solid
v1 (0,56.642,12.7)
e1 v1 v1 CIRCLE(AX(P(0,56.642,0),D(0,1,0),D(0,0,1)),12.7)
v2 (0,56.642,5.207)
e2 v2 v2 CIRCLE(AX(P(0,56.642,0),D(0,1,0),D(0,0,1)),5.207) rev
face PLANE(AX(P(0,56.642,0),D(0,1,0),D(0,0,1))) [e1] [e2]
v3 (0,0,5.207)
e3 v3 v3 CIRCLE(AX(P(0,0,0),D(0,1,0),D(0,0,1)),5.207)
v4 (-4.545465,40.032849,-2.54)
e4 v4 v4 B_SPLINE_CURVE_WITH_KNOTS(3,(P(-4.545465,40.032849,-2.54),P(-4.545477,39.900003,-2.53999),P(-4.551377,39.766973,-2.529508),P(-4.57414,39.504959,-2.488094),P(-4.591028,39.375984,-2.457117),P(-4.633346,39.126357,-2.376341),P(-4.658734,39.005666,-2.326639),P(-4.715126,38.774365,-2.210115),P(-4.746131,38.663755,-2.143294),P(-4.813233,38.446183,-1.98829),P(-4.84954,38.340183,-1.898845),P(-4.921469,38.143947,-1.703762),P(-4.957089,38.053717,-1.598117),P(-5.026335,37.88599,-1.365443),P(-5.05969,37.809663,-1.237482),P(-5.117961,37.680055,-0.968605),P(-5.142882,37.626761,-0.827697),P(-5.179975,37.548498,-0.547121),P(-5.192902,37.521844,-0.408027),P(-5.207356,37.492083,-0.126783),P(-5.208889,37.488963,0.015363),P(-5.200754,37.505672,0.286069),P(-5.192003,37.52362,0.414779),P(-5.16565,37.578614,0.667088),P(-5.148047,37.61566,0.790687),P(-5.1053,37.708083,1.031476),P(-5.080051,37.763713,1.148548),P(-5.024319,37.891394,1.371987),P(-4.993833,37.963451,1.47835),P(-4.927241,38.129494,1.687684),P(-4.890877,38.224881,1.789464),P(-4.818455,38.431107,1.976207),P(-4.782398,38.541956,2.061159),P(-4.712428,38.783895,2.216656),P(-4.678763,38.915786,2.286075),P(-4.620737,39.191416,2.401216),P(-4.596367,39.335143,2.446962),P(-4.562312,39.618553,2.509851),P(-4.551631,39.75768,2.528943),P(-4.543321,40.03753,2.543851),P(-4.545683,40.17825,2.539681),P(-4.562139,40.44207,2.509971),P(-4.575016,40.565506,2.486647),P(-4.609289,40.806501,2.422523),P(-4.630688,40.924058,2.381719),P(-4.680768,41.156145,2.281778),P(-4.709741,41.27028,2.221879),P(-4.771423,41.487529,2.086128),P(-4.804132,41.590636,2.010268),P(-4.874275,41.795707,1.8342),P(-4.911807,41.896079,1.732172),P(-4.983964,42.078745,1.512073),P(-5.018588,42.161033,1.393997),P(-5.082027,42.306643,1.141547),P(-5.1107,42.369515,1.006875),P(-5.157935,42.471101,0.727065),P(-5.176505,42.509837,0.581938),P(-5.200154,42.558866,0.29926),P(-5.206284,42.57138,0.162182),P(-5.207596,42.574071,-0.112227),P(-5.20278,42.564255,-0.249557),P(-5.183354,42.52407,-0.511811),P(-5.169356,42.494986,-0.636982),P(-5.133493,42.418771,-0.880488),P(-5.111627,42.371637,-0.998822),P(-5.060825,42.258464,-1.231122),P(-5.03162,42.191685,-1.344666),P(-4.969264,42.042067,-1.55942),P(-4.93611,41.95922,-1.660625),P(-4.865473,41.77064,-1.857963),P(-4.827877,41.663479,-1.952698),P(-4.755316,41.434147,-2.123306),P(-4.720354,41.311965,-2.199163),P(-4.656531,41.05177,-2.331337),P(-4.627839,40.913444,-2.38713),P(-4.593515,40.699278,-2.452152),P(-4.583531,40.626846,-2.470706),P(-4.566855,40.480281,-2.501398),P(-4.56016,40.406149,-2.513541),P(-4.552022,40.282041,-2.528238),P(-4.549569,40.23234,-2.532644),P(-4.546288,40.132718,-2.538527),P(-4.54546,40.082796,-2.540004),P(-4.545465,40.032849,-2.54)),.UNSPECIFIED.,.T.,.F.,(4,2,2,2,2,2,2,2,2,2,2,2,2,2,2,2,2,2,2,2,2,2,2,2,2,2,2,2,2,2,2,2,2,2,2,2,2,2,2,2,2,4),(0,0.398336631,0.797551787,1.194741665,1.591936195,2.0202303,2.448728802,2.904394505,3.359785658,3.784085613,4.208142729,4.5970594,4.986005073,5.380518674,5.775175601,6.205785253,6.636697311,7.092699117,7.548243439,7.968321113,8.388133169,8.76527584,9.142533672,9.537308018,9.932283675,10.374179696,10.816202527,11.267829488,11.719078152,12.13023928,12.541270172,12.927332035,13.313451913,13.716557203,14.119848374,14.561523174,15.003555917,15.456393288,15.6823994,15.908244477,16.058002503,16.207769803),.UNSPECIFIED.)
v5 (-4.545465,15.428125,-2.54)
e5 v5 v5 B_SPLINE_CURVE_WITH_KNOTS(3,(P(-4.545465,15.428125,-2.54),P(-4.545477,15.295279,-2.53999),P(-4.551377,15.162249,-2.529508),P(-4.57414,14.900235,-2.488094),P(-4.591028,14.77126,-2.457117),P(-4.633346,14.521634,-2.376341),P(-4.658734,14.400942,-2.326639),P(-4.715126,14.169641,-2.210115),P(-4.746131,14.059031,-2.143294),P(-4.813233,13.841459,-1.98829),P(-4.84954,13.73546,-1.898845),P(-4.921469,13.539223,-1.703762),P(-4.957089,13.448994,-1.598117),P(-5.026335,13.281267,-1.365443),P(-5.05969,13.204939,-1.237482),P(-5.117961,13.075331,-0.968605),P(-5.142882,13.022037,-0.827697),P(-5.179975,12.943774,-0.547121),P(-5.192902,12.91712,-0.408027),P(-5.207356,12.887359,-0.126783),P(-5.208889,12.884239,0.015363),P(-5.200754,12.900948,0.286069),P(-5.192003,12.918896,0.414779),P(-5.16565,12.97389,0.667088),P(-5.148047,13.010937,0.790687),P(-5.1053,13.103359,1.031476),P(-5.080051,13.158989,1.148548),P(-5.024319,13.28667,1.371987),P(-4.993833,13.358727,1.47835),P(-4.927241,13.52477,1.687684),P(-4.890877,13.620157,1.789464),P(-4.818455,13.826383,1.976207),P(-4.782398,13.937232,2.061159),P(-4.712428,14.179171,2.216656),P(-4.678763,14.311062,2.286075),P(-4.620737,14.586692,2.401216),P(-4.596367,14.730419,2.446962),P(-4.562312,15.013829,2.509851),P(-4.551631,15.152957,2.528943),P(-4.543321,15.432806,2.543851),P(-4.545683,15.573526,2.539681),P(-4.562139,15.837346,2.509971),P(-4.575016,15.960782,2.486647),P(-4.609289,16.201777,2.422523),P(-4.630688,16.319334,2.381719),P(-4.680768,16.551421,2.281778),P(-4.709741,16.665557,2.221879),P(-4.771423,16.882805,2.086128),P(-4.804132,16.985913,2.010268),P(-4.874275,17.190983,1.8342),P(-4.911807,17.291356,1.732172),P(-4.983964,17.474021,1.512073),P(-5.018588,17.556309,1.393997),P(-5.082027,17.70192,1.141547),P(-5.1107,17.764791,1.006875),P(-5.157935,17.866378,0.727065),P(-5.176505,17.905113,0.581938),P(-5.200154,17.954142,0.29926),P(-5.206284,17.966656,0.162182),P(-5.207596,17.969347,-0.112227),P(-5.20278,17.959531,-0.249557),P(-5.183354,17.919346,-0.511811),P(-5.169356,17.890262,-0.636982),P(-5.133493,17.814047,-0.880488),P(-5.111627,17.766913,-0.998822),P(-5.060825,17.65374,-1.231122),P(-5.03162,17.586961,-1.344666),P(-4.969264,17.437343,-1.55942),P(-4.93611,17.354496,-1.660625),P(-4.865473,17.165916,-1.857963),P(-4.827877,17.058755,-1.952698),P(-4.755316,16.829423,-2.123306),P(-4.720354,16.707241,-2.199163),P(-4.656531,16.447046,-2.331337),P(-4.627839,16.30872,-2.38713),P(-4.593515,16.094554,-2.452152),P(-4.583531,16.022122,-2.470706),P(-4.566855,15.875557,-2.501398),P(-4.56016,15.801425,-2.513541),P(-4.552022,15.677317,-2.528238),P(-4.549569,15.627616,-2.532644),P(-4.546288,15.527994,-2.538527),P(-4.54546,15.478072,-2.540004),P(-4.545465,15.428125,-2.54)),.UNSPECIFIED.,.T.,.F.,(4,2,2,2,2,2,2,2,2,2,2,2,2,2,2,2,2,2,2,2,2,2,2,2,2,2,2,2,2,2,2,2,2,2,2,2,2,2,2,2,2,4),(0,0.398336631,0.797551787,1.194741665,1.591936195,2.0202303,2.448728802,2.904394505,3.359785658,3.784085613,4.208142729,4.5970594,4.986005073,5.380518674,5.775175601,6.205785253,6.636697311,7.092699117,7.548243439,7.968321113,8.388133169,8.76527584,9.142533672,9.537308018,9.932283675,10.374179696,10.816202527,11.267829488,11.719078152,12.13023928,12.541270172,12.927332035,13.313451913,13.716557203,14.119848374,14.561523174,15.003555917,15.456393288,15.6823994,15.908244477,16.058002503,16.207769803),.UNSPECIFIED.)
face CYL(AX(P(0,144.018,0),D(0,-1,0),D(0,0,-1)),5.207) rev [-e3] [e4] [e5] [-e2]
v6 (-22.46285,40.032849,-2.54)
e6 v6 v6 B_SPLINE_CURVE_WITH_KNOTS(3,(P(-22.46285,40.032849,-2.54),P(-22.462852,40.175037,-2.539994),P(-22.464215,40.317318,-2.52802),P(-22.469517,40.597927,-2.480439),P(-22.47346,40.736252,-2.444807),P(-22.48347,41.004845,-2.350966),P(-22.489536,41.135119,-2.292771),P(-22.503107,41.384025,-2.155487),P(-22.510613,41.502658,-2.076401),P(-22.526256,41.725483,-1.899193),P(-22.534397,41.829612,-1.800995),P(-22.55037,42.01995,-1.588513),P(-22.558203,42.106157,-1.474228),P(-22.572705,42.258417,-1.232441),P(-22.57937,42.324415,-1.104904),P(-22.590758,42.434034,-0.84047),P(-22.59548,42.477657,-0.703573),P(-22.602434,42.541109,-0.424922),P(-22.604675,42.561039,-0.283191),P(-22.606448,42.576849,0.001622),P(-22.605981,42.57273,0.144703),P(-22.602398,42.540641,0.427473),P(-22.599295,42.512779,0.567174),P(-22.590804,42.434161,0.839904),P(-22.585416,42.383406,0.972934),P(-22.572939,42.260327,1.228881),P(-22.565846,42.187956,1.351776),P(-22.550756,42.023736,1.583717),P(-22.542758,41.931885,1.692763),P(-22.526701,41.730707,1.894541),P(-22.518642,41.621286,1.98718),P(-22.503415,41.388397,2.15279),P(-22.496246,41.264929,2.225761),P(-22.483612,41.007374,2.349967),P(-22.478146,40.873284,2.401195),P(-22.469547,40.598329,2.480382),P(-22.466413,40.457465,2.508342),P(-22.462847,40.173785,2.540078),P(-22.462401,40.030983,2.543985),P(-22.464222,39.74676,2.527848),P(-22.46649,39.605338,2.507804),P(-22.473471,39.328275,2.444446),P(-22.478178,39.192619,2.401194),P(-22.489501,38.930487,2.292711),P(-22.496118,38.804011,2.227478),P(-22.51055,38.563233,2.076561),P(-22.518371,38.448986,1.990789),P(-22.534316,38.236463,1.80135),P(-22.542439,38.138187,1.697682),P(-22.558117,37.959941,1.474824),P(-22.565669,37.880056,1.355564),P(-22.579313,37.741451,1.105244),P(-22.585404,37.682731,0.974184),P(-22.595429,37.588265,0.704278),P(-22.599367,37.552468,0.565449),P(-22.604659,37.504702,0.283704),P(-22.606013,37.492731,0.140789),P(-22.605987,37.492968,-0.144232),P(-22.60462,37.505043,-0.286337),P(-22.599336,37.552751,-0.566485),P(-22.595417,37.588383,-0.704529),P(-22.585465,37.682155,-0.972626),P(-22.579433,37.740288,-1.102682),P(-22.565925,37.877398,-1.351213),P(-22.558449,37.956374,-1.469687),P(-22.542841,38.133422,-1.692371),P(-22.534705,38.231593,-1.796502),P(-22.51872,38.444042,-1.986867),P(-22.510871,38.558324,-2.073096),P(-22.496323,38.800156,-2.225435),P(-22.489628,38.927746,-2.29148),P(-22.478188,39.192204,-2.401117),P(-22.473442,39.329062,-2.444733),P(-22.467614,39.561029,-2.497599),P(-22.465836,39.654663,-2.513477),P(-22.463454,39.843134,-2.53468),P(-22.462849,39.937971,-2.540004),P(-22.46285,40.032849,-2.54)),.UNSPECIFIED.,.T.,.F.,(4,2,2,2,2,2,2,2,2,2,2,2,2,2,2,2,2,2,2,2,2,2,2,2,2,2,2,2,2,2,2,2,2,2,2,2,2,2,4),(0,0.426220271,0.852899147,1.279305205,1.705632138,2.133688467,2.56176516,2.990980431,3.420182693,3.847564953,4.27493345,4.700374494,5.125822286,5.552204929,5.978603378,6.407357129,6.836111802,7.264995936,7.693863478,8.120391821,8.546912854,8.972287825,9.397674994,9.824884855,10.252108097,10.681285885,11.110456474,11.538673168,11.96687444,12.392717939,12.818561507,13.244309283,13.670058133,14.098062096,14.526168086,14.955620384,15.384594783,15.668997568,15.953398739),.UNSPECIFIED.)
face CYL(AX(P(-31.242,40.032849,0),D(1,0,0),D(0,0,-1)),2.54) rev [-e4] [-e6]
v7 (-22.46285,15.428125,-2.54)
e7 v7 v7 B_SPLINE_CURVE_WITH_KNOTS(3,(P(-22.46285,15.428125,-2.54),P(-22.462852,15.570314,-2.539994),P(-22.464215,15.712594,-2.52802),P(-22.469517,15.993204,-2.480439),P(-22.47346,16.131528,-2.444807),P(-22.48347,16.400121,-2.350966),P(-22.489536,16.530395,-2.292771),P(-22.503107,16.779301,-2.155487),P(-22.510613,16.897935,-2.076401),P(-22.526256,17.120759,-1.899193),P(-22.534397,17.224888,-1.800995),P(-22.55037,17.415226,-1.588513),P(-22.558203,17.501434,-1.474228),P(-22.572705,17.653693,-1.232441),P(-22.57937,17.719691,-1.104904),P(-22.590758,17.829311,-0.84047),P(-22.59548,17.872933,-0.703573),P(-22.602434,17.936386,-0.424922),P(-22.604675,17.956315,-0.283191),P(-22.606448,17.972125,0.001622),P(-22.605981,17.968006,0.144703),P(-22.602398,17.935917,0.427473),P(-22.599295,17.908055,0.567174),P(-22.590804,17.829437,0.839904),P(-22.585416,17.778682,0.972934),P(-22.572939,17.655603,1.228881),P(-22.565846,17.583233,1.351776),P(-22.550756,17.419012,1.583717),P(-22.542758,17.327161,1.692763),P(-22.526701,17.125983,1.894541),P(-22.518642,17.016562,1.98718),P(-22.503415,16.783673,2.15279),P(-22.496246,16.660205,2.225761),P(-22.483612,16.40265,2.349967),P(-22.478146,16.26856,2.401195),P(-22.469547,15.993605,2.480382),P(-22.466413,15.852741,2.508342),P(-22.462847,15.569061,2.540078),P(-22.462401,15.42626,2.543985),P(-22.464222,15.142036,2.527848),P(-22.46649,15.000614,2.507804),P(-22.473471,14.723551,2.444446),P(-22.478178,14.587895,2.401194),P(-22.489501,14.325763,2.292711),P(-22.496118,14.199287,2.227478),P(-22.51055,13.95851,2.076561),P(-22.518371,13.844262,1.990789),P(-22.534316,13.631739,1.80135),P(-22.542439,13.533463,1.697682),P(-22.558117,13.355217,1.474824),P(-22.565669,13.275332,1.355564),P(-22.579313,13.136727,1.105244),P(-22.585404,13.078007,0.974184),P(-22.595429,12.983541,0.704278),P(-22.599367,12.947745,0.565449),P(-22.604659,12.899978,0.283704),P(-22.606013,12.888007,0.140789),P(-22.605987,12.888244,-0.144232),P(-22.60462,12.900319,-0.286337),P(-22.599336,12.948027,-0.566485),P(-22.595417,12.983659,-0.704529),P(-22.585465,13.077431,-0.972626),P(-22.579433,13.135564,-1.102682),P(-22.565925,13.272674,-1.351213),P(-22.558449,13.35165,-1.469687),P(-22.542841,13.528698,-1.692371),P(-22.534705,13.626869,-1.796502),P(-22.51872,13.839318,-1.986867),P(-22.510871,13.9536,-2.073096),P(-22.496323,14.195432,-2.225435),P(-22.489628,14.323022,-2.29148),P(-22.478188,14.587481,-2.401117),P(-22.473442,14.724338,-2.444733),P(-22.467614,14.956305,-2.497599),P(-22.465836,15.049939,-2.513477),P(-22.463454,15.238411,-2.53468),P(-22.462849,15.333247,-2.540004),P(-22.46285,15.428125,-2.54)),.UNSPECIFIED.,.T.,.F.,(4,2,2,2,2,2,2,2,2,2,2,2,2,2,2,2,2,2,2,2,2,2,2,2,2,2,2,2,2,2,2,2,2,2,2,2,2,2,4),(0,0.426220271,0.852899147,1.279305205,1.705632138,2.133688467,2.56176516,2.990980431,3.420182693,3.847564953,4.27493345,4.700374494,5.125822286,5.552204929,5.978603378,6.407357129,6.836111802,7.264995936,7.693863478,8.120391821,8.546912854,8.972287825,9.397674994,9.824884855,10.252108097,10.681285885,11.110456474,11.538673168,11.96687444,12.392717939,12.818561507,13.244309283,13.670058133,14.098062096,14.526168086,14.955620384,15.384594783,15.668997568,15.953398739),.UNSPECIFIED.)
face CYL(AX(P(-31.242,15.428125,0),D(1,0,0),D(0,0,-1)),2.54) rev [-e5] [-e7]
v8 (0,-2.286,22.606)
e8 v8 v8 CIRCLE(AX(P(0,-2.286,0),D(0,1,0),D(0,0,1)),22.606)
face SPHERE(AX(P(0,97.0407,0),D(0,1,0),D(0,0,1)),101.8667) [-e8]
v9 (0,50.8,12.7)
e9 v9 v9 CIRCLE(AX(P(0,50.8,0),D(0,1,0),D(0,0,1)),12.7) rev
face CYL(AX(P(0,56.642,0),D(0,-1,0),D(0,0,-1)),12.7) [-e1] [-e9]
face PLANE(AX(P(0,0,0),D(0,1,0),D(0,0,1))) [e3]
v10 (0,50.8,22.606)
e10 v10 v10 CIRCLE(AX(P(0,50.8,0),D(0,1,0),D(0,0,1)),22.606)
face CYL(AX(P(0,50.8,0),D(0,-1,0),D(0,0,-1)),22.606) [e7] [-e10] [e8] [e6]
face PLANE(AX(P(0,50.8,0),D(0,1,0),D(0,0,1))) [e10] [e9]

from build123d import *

# Parameters (mm, degrees)
CROQUIS1_R              = 22.606
SALIENTE_EXTRUIR1_DEPTH = 50.8
CROQUIS2_R              = 12.7
SALIENTE_EXTRUIR2_DEPTH = 56.642
CROQUIS3_R              = 2.54
CORTAR_EXTRUIR1_DEPTH   = 31.242
CROQUIS4_R              = 5.207
CORTAR_EXTRUIR4_DEPTH   = 144.018
SALIENTE_EXTRUIR3_START = -2.286
CROQUIS5_R              = 22.606
SALIENTE_EXTRUIR3_DEPTH = 2.286
C_PULA1_FACE_RADIUS     = 22.606
C_PULA1_HEIGHT          = 2.54


with BuildPart() as part:
    # Croquis1 → Saliente-Extruir1 (new body)
    with BuildSketch(Plane(origin=(0, 0, 0), x_dir=(1, 0, 0), z_dir=(0, 1, 0))):
        with Locations(Location((0, 0, 0), (0, 0, 270))):
            Circle(CROQUIS1_R)
    extrude(amount=SALIENTE_EXTRUIR1_DEPTH)

    # Croquis2 → Saliente-Extruir2 (add)
    with BuildSketch(Plane(origin=(0, 0, 0), x_dir=(1, 0, 0), z_dir=(0, 1, 0))):
        with Locations(Location((0, 0, 0), (0, 0, 270))):
            Circle(CROQUIS2_R)
    extrude(amount=SALIENTE_EXTRUIR2_DEPTH)

    # Croquis3 → Cortar-Extruir1 (cut)
    with BuildSketch(Plane(origin=(0, 0, 0), x_dir=(0, 0, -1), z_dir=(1, 0, 0))):
        with Locations((0, 40.032848535)):
            Circle(CROQUIS3_R)
        with Locations((0, 15.428124721)):
            Circle(CROQUIS3_R)
    extrude(amount=-CORTAR_EXTRUIR1_DEPTH, mode=Mode.SUBTRACT)

    # Croquis4 → Cortar-Extruir4 (cut)
    with BuildSketch(Plane(origin=(0, 0, 0), x_dir=(1, 0, 0), z_dir=(0, 1, 0))):
        with Locations(Location((0, 0, 0), (0, 0, 270))):
            Circle(CROQUIS4_R)
    extrude(amount=CORTAR_EXTRUIR4_DEPTH, mode=Mode.SUBTRACT)

    # Croquis5 → Saliente-Extruir3 (add)
    with BuildSketch(Plane(origin=(0, 0, 0), x_dir=(1, 0, 0), z_dir=(0, 1, 0)).offset(SALIENTE_EXTRUIR3_START)):
        with Locations(Location((0, 0, 0), (0, 0, 270))):
            Circle(CROQUIS5_R)
    extrude(amount=SALIENTE_EXTRUIR3_DEPTH)

    # Cúpula1: a dome of height H over a round flat face of radius A is a cap of a sphere of radius (A * A + H * H) / (2 * H)
    c_pula1_r = (C_PULA1_FACE_RADIUS * C_PULA1_FACE_RADIUS + C_PULA1_HEIGHT * C_PULA1_HEIGHT) / (2 * C_PULA1_HEIGHT)
    c_pula1_base = Plane((0, -2.286, 0), z_dir=(0, -1, 0))
    with Locations(c_pula1_base.offset(C_PULA1_HEIGHT - c_pula1_r)):
        c_pula1_ball = Sphere(c_pula1_r, mode=Mode.PRIVATE)
    add(split(c_pula1_ball, bisect_by=c_pula1_base, keep=Keep.TOP, mode=Mode.PRIVATE))


solid = part.part
